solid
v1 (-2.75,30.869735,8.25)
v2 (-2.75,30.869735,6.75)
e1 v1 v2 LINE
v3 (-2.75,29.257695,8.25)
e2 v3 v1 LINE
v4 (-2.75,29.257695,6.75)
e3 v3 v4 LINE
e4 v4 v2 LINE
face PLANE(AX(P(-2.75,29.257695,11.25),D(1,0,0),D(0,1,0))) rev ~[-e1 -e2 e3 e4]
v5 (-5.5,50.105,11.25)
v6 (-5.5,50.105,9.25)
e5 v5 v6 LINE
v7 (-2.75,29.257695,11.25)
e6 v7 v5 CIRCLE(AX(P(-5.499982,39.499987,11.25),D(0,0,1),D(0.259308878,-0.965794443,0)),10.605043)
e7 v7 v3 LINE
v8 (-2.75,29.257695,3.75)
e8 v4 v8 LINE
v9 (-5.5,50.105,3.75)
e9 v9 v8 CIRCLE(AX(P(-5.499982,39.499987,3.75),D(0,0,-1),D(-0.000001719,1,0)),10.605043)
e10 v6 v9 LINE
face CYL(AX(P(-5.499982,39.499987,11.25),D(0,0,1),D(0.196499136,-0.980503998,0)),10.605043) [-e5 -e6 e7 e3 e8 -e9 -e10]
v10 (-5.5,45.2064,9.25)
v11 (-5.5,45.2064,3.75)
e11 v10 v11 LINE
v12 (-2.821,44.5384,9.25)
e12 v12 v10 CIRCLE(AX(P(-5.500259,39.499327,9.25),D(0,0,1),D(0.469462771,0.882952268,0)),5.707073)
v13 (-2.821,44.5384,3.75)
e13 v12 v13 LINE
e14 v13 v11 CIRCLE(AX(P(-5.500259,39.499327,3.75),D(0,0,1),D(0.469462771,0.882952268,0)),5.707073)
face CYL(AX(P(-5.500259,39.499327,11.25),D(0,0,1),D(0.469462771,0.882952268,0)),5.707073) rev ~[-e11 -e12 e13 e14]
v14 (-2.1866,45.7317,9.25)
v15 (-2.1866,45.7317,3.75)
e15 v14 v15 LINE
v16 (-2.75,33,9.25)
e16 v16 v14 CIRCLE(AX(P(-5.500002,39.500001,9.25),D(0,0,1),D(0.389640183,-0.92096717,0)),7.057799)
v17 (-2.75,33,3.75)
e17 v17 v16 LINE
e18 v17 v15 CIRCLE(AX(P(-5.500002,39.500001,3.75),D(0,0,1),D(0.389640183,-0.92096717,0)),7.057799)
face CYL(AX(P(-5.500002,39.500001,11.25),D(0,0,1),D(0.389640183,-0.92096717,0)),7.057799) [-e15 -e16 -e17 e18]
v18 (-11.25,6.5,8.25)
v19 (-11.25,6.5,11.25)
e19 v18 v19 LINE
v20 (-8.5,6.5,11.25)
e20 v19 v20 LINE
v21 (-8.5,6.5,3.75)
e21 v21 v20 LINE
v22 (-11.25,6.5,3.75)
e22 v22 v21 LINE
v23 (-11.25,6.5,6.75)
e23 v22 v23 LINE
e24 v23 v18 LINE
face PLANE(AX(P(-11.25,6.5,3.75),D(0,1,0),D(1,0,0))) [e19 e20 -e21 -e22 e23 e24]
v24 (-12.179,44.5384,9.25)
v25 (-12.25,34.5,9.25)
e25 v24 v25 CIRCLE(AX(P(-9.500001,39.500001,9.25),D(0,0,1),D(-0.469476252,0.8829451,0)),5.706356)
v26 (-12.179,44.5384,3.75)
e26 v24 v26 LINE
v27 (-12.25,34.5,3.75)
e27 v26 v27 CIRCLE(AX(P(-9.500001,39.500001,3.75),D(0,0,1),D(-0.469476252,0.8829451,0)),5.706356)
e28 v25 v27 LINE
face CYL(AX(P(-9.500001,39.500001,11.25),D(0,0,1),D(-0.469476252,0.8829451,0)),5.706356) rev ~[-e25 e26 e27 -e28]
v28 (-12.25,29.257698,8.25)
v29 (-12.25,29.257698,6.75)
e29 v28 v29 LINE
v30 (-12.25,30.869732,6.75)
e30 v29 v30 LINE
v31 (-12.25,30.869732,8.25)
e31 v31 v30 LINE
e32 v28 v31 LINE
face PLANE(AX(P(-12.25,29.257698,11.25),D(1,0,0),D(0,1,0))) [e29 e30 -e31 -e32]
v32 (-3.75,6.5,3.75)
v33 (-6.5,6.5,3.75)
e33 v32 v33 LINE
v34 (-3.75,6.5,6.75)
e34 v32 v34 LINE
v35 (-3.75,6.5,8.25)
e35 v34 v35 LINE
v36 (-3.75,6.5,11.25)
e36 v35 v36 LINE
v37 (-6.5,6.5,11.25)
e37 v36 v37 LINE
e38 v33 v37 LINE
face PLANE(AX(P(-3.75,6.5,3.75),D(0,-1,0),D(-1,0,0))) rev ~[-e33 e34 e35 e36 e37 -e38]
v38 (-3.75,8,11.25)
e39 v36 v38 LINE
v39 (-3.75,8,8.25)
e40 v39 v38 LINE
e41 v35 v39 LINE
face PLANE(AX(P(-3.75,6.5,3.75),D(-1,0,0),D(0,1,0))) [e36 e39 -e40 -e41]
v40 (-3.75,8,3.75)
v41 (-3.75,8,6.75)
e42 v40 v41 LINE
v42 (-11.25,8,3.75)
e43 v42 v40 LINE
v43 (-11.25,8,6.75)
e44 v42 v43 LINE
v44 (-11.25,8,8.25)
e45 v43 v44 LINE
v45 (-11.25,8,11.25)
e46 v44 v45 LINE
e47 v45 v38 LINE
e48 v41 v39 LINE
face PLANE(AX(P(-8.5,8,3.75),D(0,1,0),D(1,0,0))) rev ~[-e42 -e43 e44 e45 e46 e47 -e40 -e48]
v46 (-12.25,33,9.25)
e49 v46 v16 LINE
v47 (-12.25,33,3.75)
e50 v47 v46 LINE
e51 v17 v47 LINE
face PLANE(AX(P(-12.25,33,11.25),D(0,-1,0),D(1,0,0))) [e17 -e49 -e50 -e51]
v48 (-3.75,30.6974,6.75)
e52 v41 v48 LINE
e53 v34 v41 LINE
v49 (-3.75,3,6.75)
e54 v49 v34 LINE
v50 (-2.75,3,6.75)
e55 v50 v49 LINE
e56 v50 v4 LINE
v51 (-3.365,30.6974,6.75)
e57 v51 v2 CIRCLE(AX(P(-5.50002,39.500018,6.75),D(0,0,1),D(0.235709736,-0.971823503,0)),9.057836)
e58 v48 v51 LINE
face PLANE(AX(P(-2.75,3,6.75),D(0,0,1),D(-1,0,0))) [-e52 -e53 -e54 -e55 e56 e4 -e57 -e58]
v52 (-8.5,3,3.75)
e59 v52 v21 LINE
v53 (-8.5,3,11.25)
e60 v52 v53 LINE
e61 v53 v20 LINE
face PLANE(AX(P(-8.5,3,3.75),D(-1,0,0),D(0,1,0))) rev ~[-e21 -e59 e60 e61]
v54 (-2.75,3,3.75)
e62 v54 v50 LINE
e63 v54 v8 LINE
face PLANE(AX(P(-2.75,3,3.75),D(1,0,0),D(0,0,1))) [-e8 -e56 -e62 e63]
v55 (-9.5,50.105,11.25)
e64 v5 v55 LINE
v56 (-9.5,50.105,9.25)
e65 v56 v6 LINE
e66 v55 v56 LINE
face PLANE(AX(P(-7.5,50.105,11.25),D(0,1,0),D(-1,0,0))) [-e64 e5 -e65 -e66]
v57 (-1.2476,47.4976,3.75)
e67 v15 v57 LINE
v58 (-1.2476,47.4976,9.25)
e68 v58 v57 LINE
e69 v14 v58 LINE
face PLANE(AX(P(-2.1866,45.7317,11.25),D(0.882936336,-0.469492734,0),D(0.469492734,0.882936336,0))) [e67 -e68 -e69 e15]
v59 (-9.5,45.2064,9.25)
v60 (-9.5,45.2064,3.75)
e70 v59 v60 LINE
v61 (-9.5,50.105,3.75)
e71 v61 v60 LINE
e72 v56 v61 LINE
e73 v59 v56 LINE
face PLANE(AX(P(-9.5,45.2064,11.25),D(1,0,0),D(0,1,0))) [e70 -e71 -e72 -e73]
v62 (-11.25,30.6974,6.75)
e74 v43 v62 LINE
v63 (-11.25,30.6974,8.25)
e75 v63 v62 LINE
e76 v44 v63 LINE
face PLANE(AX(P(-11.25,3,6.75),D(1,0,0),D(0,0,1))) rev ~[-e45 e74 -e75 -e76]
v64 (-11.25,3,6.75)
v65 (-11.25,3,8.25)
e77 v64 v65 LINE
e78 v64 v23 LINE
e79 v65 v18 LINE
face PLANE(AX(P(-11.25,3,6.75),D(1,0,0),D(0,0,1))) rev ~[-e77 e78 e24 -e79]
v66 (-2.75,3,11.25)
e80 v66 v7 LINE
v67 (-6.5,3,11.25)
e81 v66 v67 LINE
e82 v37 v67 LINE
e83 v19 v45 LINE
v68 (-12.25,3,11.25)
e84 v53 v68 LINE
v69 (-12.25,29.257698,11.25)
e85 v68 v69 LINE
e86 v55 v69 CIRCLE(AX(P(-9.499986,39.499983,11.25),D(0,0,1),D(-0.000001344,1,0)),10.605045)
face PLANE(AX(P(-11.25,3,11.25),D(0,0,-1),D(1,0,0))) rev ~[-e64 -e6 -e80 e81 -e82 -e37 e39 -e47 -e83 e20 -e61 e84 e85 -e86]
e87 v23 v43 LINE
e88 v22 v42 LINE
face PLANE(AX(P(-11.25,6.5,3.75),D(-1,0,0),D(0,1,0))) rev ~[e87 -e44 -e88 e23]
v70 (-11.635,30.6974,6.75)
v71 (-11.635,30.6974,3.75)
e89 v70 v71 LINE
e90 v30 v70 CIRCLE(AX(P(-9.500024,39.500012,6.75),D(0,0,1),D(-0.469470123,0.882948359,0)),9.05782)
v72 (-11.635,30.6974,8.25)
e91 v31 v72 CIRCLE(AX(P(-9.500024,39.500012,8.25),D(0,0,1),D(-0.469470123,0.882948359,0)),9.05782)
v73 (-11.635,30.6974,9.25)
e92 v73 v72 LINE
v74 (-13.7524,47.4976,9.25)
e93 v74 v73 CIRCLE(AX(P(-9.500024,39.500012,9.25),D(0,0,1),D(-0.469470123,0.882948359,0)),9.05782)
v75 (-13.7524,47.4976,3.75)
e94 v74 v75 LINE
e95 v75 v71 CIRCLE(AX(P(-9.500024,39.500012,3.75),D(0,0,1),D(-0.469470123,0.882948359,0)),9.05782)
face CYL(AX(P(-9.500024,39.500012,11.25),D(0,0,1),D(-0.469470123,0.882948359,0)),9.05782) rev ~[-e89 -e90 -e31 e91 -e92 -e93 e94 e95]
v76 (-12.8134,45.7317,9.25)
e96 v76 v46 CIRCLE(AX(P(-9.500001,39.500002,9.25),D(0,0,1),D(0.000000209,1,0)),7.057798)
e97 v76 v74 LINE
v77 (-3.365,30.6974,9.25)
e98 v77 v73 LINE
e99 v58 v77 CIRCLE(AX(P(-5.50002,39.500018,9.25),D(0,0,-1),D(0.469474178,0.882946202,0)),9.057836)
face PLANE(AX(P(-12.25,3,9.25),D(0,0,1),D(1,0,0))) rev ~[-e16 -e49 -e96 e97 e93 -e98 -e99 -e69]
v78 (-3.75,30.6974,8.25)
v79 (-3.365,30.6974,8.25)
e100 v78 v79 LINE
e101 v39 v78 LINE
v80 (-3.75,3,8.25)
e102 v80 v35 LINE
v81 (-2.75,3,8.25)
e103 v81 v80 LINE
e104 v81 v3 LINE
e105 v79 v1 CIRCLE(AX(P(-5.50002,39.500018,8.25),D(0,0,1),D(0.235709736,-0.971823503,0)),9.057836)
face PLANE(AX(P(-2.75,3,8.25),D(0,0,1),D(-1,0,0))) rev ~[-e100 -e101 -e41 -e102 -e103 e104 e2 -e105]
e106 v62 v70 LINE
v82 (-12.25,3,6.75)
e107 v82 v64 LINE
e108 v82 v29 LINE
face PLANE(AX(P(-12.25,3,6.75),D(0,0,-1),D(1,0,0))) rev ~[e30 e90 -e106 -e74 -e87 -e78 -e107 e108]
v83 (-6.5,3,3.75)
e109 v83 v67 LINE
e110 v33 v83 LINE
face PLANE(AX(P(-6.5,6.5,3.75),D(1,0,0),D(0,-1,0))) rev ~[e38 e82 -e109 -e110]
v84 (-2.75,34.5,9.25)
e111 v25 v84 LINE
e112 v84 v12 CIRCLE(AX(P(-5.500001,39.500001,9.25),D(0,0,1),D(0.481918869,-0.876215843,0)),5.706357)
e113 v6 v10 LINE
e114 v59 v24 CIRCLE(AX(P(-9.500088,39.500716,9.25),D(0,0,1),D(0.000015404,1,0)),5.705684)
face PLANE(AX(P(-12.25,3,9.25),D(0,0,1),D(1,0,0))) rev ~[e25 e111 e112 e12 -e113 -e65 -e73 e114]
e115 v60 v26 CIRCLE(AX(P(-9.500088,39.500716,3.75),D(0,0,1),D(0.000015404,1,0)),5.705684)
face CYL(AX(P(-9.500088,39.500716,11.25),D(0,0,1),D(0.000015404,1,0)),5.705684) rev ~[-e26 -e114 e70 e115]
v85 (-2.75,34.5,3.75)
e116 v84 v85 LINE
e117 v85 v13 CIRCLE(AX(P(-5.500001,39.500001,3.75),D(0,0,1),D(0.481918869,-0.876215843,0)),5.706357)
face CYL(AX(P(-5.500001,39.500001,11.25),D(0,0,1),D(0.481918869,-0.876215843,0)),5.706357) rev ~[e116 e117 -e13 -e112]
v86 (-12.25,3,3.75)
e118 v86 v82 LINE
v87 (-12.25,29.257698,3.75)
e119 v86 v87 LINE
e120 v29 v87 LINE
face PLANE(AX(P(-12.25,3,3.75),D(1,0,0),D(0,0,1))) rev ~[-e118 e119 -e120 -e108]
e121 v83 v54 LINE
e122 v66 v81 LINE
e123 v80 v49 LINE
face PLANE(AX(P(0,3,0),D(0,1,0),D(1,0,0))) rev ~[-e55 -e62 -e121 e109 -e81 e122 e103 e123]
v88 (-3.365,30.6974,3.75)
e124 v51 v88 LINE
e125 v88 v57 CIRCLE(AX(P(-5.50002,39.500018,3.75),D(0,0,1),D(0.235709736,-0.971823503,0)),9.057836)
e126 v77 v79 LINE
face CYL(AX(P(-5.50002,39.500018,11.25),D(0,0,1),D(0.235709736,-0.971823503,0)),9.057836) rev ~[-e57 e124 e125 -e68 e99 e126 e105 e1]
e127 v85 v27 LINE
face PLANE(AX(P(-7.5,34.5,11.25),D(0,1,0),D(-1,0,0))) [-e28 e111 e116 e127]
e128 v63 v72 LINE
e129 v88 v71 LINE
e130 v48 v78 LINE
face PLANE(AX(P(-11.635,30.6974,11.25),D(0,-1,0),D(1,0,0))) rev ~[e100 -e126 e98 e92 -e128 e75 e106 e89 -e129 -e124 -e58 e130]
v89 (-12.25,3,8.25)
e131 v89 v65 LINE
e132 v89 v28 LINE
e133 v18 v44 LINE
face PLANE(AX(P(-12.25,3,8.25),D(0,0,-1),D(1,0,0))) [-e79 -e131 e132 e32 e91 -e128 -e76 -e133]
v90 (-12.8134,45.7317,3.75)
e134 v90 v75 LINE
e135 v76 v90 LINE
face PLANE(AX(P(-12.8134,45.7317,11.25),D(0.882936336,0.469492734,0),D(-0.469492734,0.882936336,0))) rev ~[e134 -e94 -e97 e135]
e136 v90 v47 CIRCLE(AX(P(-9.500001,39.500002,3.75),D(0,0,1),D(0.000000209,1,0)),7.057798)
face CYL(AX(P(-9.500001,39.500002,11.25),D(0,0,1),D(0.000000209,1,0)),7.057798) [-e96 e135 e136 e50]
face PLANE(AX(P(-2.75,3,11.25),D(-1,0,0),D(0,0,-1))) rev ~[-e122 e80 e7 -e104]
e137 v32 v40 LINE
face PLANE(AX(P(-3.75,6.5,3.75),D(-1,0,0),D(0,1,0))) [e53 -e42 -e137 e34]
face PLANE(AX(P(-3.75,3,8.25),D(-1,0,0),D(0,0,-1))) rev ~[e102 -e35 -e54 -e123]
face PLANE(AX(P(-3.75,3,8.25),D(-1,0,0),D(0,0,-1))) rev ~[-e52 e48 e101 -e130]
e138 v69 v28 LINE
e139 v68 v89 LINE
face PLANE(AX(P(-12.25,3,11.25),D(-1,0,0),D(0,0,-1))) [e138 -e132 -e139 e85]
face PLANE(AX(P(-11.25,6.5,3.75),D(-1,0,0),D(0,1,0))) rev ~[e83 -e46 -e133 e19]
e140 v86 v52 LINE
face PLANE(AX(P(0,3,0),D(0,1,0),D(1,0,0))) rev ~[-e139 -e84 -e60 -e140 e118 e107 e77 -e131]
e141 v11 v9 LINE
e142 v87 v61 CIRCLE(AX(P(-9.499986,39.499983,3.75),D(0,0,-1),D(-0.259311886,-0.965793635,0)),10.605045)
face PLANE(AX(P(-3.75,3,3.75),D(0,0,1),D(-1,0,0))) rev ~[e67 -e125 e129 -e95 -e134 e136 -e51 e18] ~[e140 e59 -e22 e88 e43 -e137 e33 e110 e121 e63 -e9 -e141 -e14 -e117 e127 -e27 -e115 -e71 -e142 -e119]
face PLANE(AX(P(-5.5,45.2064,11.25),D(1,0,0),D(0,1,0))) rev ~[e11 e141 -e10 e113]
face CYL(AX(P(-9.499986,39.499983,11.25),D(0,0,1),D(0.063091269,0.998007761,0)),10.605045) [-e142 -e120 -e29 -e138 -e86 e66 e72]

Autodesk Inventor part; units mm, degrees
ref_plane "YZ Plane" through (0, 0, 0) normal (1, 0, 0) x (0, 1, 0)
ref_plane "XZ Plane" through (0, 0, 0) normal (0, 1, 0) x (-1, 0, 0)
ref_plane "XY Plane" through (0, 0, 0) normal (0, 0, 1) x (1, 0, 0)
ref_plane "Work Plane1" through (0, 3, 0) normal (0, 1, 0) x (1, 0, 0)
sketch "Sketch2" plane through (0, 3, 0) normal (0, 1, 0) x (1, 0, 0)
  line L0 (-11.25, -11.25) -> (-3.75, -11.25)
  line L1 (-3.75, -11.25) -> (-3.75, -3.75)
  line L2 (-3.75, -3.75) -> (-11.25, -3.75)
  line L3 (-11.25, -3.75) -> (-11.25, -11.25)
  line L4 (0, -15) -> (0, 0) projected
  line L5 (0, 0) -> (-15, 0) projected
  line L6 (-3.75, -11.25) -> (-2.75, -11.25)
  line L7 (-2.75, -11.25) -> (-2.75, -8.25)
  line L8 (-2.75, -8.25) -> (-3.75, -8.25)
  line L9 (-3.75, -8.25) -> (-3.75, -11.25)
  line L10 (-14.1659, -7.5) -> (-0.7229, -7.5) construction
  line L11 (-7.5, -11.25) -> (-7.5, -3.75) construction
  line L12 (-3.75, -3.75) -> (-2.75, -3.75)
  line L13 (-2.75, -3.75) -> (-2.75, -6.75)
  line L14 (-2.75, -6.75) -> (-3.75, -6.75)
  line L15 (-11.25, -11.25) -> (-12.25, -11.25)
  line L16 (-12.25, -11.25) -> (-12.25, -8.25)
  line L17 (-12.25, -8.25) -> (-11.25, -8.25)
  line L18 (-0.8341, -7.5) -> (-14.2771, -7.5) construction
  line L19 (-12.25, -3.75) -> (-12.25, -6.75)
  line L20 (-11.25, -3.75) -> (-12.25, -3.75)
  line L21 (-12.25, -6.75) -> (-11.25, -6.75)
  dimension "d4" = 7.5
  dimension "d5" = 7.5
  dimension "d6" = 3.75
  dimension "d7" = 3.75
  dimension "d8" = 3
  dimension "d9" = 1
extrude "Extrusion2" add sketch "Sketch2" along normal blind 30
ref_plane "Work Plane2" through (-12.25, 3, 11.25) normal (0, 0, 1) x (1, 0, 0)
sketch "Sketch3" plane through (-12.25, 3, 11.25) normal (0, 0, 1) x (1, 0, 0)
  line L0 (0, 30) -> (9.5, 30) projected
  line L1 (9.5, 30) -> (0, 30) projected
  line L2 (4.75, 30) -> (4.75, 36.5)
  line L3 (4.75, 36.5) -> (2.75, 36.5)
  arc A0 (2.75, 43.5578) -> (0, 30) centre (2.75, 36.5) ccw
  line L4 (0, 0) -> (0, 30) projected
  line L5 (0, 30) -> (0, 31.5)
  arc A1 (0.071, 41.5384) -> (0, 31.5) centre (2.75, 36.5) ccw
  line L6 (9.5, 0) -> (9.5, 30) projected
  line L7 (9.5, 30) -> (9.5, 31.5)
  line L8 (0.071, 41.5384) -> (-0.5634, 42.7317)
  line L9 (-0.5634, 42.7317) -> (-1.5024, 44.4976)
  arc A2 (-1.5024, 44.4976) -> (0.615, 27.6974) centre (2.75, 36.5) ccw
  arc A3 (3.4191, 47.0839) -> (0.6661, 26.1017) centre (2.75, 36.5) ccw
  line L10 (0, 30) -> (9.5, 30)
  line L11 (9.5, 31.5) -> (0, 31.5)
  line L12 (0.615, 27.6974) -> (8.885, 27.6974)
  line L13 (9.2653, 26.1017) -> (0.6661, 26.1017)
  line L14 (4.75, 36.5) -> (4.75, 49.394)
  line L15 (-1.5024, 44.4976) -> (-2.2288, 45.8637)
  arc A4 (2.75, 42.2064) -> (0.071, 41.5384) centre (2.75, 36.5) ccw
  line L16 (2.75, 42.2064) -> (2.75, 47.105)
  line L17 (4.75, 49.394) -> (4.75, 23.6593)
  line L18 (4.75, 36.5) -> (6.75, 36.5)
  arc A5 (9.5, 30) -> (6.75, 43.5578) centre (6.75, 36.5) ccw
  line L19 (9.5, 30) -> (9.5, 31.5)
  arc A6 (9.5, 31.5) -> (9.429, 41.5384) centre (6.75, 36.5) ccw
  line L20 (9.429, 41.5384) -> (10.0634, 42.7317)
  line L21 (10.0634, 42.7317) -> (11.0024, 44.4976)
  arc A7 (8.885, 27.6974) -> (11.0024, 44.4976) centre (6.75, 36.5) ccw
  arc A8 (8.8339, 26.1017) -> (6.0809, 47.0839) centre (6.75, 36.5) ccw
  line L22 (11.0024, 44.4976) -> (11.7288, 45.8637)
  arc A9 (9.429, 41.5384) -> (6.75, 42.2064) centre (6.75, 36.5) ccw
  line L23 (6.75, 42.2064) -> (6.75, 47.105)
  line L24 (6.75, 47.105) -> (2.75, 47.105)
  line L25 (2.75, 42.2064) -> (6.75, 42.2064)
  point P0 (12.25, -3)
  point P1 (0, 27.8698)
  point P2 (4.75, 42.947)
  point P3 (9.5, 27.8698)
  point P4 (0, 26.2577)
  point P5 (9.5, 26.2577)
  dimension "d28" = 6.5
  dimension "d29" = 2
  dimension "d31" = 1.5
  dimension "d33" = 2
  dimension "d34" = 1.3514
  dimension "d59" = 28
  dimension "d60" = 1.5473
extrude "Extrusion5" add sketch "Sketch3" against normal blind 7.5 contours L5 L11 L2 L0 | A0 L8 A1 L5 | L2 L11 L7 L0 | L9 L15 A3 L16 A0 | A0 L16 A4 L8 | L4 A3 L15 A2 | L7 A6 L20 A5 | A7 L22 A8 L6 | L20 A9 L23 A5 | A5 L23 A8 L22 L21
extrude "Extrusion6" cut sketch "Sketch3" against normal blind 7.5 contours L0 L17 L12 A2 L4 | L0 L6 A7 L12 L17
sketch "Sketch4" plane through (-2.75, 3, 3.75) normal (0, 0, -1) x (-1, 0, 0)
  line L0 (9.5, 0) -> (0, 0) projected
  line L1 (3.75, 0) -> (5.75, 0)
  line L2 (5.75, 0) -> (5.75, 5)
  line L3 (5.75, 5) -> (3.75, 5)
  line L4 (3.75, 5) -> (3.75, 0)
  line L5 (9.5, 0) -> (9.5, 26.2577) projected
  line L6 (1, 0) -> (1, 27.6974) projected
  line L7 (3.75, 5) -> (1, 5)
  line L8 (1, 3.5) -> (3.75, 3.5)
  line L9 (3.75, 3.5) -> (3.75, 5)
  line L10 (4.75, 0) -> (4.75, 5)
  line L11 (0, 0) -> (9.5, 0)
  line L12 (5.75, 0) -> (3.75, 0)
  line L13 (3.75, 5) -> (5.75, 5)
  line L14 (5.75, 5) -> (5.75, 0)
  line L15 (5.75, 5) -> (8.5, 5)
  line L16 (8.5, 3.5) -> (5.75, 3.5)
  line L17 (5.75, 3.5) -> (5.75, 5)
  line L18 (1, 3.5) -> (1, 5)
  line L19 (8.5, 3.5) -> (8.5, 5)
  point P0 (-2.75, -3)
  point P1 (5.75, 0)
  point P2 (5.75, 3.5)
  point P3 (3.75, 3.5)
  dimension "d62" = 2
  dimension "d63" = 4.75
  dimension "d64" = 5
  dimension "d65" = 1.5
extrude "Extrusion7" cut sketch "Sketch4" against normal through all contours L0 L10 L3 L2 | L0 L4 L3 L10 | L2 L15 L19 L16 | L8 L6 L7 L4
extrude "Extrusion8" add sketch "Sketch3" against normal blind 2 contours L4 A2 L9 A0 | L0 L17 L12 A2 L4 | L0 L6 A7 L12 L17 | A1 A4 L25 L14 L2 L11 | A5 L21 A7 L6 | L2 L14 L25 A9 A6 L11 | L16 L24 L14 L25 | L23 L25 L14 L24
properties part number "SlangHållare"
